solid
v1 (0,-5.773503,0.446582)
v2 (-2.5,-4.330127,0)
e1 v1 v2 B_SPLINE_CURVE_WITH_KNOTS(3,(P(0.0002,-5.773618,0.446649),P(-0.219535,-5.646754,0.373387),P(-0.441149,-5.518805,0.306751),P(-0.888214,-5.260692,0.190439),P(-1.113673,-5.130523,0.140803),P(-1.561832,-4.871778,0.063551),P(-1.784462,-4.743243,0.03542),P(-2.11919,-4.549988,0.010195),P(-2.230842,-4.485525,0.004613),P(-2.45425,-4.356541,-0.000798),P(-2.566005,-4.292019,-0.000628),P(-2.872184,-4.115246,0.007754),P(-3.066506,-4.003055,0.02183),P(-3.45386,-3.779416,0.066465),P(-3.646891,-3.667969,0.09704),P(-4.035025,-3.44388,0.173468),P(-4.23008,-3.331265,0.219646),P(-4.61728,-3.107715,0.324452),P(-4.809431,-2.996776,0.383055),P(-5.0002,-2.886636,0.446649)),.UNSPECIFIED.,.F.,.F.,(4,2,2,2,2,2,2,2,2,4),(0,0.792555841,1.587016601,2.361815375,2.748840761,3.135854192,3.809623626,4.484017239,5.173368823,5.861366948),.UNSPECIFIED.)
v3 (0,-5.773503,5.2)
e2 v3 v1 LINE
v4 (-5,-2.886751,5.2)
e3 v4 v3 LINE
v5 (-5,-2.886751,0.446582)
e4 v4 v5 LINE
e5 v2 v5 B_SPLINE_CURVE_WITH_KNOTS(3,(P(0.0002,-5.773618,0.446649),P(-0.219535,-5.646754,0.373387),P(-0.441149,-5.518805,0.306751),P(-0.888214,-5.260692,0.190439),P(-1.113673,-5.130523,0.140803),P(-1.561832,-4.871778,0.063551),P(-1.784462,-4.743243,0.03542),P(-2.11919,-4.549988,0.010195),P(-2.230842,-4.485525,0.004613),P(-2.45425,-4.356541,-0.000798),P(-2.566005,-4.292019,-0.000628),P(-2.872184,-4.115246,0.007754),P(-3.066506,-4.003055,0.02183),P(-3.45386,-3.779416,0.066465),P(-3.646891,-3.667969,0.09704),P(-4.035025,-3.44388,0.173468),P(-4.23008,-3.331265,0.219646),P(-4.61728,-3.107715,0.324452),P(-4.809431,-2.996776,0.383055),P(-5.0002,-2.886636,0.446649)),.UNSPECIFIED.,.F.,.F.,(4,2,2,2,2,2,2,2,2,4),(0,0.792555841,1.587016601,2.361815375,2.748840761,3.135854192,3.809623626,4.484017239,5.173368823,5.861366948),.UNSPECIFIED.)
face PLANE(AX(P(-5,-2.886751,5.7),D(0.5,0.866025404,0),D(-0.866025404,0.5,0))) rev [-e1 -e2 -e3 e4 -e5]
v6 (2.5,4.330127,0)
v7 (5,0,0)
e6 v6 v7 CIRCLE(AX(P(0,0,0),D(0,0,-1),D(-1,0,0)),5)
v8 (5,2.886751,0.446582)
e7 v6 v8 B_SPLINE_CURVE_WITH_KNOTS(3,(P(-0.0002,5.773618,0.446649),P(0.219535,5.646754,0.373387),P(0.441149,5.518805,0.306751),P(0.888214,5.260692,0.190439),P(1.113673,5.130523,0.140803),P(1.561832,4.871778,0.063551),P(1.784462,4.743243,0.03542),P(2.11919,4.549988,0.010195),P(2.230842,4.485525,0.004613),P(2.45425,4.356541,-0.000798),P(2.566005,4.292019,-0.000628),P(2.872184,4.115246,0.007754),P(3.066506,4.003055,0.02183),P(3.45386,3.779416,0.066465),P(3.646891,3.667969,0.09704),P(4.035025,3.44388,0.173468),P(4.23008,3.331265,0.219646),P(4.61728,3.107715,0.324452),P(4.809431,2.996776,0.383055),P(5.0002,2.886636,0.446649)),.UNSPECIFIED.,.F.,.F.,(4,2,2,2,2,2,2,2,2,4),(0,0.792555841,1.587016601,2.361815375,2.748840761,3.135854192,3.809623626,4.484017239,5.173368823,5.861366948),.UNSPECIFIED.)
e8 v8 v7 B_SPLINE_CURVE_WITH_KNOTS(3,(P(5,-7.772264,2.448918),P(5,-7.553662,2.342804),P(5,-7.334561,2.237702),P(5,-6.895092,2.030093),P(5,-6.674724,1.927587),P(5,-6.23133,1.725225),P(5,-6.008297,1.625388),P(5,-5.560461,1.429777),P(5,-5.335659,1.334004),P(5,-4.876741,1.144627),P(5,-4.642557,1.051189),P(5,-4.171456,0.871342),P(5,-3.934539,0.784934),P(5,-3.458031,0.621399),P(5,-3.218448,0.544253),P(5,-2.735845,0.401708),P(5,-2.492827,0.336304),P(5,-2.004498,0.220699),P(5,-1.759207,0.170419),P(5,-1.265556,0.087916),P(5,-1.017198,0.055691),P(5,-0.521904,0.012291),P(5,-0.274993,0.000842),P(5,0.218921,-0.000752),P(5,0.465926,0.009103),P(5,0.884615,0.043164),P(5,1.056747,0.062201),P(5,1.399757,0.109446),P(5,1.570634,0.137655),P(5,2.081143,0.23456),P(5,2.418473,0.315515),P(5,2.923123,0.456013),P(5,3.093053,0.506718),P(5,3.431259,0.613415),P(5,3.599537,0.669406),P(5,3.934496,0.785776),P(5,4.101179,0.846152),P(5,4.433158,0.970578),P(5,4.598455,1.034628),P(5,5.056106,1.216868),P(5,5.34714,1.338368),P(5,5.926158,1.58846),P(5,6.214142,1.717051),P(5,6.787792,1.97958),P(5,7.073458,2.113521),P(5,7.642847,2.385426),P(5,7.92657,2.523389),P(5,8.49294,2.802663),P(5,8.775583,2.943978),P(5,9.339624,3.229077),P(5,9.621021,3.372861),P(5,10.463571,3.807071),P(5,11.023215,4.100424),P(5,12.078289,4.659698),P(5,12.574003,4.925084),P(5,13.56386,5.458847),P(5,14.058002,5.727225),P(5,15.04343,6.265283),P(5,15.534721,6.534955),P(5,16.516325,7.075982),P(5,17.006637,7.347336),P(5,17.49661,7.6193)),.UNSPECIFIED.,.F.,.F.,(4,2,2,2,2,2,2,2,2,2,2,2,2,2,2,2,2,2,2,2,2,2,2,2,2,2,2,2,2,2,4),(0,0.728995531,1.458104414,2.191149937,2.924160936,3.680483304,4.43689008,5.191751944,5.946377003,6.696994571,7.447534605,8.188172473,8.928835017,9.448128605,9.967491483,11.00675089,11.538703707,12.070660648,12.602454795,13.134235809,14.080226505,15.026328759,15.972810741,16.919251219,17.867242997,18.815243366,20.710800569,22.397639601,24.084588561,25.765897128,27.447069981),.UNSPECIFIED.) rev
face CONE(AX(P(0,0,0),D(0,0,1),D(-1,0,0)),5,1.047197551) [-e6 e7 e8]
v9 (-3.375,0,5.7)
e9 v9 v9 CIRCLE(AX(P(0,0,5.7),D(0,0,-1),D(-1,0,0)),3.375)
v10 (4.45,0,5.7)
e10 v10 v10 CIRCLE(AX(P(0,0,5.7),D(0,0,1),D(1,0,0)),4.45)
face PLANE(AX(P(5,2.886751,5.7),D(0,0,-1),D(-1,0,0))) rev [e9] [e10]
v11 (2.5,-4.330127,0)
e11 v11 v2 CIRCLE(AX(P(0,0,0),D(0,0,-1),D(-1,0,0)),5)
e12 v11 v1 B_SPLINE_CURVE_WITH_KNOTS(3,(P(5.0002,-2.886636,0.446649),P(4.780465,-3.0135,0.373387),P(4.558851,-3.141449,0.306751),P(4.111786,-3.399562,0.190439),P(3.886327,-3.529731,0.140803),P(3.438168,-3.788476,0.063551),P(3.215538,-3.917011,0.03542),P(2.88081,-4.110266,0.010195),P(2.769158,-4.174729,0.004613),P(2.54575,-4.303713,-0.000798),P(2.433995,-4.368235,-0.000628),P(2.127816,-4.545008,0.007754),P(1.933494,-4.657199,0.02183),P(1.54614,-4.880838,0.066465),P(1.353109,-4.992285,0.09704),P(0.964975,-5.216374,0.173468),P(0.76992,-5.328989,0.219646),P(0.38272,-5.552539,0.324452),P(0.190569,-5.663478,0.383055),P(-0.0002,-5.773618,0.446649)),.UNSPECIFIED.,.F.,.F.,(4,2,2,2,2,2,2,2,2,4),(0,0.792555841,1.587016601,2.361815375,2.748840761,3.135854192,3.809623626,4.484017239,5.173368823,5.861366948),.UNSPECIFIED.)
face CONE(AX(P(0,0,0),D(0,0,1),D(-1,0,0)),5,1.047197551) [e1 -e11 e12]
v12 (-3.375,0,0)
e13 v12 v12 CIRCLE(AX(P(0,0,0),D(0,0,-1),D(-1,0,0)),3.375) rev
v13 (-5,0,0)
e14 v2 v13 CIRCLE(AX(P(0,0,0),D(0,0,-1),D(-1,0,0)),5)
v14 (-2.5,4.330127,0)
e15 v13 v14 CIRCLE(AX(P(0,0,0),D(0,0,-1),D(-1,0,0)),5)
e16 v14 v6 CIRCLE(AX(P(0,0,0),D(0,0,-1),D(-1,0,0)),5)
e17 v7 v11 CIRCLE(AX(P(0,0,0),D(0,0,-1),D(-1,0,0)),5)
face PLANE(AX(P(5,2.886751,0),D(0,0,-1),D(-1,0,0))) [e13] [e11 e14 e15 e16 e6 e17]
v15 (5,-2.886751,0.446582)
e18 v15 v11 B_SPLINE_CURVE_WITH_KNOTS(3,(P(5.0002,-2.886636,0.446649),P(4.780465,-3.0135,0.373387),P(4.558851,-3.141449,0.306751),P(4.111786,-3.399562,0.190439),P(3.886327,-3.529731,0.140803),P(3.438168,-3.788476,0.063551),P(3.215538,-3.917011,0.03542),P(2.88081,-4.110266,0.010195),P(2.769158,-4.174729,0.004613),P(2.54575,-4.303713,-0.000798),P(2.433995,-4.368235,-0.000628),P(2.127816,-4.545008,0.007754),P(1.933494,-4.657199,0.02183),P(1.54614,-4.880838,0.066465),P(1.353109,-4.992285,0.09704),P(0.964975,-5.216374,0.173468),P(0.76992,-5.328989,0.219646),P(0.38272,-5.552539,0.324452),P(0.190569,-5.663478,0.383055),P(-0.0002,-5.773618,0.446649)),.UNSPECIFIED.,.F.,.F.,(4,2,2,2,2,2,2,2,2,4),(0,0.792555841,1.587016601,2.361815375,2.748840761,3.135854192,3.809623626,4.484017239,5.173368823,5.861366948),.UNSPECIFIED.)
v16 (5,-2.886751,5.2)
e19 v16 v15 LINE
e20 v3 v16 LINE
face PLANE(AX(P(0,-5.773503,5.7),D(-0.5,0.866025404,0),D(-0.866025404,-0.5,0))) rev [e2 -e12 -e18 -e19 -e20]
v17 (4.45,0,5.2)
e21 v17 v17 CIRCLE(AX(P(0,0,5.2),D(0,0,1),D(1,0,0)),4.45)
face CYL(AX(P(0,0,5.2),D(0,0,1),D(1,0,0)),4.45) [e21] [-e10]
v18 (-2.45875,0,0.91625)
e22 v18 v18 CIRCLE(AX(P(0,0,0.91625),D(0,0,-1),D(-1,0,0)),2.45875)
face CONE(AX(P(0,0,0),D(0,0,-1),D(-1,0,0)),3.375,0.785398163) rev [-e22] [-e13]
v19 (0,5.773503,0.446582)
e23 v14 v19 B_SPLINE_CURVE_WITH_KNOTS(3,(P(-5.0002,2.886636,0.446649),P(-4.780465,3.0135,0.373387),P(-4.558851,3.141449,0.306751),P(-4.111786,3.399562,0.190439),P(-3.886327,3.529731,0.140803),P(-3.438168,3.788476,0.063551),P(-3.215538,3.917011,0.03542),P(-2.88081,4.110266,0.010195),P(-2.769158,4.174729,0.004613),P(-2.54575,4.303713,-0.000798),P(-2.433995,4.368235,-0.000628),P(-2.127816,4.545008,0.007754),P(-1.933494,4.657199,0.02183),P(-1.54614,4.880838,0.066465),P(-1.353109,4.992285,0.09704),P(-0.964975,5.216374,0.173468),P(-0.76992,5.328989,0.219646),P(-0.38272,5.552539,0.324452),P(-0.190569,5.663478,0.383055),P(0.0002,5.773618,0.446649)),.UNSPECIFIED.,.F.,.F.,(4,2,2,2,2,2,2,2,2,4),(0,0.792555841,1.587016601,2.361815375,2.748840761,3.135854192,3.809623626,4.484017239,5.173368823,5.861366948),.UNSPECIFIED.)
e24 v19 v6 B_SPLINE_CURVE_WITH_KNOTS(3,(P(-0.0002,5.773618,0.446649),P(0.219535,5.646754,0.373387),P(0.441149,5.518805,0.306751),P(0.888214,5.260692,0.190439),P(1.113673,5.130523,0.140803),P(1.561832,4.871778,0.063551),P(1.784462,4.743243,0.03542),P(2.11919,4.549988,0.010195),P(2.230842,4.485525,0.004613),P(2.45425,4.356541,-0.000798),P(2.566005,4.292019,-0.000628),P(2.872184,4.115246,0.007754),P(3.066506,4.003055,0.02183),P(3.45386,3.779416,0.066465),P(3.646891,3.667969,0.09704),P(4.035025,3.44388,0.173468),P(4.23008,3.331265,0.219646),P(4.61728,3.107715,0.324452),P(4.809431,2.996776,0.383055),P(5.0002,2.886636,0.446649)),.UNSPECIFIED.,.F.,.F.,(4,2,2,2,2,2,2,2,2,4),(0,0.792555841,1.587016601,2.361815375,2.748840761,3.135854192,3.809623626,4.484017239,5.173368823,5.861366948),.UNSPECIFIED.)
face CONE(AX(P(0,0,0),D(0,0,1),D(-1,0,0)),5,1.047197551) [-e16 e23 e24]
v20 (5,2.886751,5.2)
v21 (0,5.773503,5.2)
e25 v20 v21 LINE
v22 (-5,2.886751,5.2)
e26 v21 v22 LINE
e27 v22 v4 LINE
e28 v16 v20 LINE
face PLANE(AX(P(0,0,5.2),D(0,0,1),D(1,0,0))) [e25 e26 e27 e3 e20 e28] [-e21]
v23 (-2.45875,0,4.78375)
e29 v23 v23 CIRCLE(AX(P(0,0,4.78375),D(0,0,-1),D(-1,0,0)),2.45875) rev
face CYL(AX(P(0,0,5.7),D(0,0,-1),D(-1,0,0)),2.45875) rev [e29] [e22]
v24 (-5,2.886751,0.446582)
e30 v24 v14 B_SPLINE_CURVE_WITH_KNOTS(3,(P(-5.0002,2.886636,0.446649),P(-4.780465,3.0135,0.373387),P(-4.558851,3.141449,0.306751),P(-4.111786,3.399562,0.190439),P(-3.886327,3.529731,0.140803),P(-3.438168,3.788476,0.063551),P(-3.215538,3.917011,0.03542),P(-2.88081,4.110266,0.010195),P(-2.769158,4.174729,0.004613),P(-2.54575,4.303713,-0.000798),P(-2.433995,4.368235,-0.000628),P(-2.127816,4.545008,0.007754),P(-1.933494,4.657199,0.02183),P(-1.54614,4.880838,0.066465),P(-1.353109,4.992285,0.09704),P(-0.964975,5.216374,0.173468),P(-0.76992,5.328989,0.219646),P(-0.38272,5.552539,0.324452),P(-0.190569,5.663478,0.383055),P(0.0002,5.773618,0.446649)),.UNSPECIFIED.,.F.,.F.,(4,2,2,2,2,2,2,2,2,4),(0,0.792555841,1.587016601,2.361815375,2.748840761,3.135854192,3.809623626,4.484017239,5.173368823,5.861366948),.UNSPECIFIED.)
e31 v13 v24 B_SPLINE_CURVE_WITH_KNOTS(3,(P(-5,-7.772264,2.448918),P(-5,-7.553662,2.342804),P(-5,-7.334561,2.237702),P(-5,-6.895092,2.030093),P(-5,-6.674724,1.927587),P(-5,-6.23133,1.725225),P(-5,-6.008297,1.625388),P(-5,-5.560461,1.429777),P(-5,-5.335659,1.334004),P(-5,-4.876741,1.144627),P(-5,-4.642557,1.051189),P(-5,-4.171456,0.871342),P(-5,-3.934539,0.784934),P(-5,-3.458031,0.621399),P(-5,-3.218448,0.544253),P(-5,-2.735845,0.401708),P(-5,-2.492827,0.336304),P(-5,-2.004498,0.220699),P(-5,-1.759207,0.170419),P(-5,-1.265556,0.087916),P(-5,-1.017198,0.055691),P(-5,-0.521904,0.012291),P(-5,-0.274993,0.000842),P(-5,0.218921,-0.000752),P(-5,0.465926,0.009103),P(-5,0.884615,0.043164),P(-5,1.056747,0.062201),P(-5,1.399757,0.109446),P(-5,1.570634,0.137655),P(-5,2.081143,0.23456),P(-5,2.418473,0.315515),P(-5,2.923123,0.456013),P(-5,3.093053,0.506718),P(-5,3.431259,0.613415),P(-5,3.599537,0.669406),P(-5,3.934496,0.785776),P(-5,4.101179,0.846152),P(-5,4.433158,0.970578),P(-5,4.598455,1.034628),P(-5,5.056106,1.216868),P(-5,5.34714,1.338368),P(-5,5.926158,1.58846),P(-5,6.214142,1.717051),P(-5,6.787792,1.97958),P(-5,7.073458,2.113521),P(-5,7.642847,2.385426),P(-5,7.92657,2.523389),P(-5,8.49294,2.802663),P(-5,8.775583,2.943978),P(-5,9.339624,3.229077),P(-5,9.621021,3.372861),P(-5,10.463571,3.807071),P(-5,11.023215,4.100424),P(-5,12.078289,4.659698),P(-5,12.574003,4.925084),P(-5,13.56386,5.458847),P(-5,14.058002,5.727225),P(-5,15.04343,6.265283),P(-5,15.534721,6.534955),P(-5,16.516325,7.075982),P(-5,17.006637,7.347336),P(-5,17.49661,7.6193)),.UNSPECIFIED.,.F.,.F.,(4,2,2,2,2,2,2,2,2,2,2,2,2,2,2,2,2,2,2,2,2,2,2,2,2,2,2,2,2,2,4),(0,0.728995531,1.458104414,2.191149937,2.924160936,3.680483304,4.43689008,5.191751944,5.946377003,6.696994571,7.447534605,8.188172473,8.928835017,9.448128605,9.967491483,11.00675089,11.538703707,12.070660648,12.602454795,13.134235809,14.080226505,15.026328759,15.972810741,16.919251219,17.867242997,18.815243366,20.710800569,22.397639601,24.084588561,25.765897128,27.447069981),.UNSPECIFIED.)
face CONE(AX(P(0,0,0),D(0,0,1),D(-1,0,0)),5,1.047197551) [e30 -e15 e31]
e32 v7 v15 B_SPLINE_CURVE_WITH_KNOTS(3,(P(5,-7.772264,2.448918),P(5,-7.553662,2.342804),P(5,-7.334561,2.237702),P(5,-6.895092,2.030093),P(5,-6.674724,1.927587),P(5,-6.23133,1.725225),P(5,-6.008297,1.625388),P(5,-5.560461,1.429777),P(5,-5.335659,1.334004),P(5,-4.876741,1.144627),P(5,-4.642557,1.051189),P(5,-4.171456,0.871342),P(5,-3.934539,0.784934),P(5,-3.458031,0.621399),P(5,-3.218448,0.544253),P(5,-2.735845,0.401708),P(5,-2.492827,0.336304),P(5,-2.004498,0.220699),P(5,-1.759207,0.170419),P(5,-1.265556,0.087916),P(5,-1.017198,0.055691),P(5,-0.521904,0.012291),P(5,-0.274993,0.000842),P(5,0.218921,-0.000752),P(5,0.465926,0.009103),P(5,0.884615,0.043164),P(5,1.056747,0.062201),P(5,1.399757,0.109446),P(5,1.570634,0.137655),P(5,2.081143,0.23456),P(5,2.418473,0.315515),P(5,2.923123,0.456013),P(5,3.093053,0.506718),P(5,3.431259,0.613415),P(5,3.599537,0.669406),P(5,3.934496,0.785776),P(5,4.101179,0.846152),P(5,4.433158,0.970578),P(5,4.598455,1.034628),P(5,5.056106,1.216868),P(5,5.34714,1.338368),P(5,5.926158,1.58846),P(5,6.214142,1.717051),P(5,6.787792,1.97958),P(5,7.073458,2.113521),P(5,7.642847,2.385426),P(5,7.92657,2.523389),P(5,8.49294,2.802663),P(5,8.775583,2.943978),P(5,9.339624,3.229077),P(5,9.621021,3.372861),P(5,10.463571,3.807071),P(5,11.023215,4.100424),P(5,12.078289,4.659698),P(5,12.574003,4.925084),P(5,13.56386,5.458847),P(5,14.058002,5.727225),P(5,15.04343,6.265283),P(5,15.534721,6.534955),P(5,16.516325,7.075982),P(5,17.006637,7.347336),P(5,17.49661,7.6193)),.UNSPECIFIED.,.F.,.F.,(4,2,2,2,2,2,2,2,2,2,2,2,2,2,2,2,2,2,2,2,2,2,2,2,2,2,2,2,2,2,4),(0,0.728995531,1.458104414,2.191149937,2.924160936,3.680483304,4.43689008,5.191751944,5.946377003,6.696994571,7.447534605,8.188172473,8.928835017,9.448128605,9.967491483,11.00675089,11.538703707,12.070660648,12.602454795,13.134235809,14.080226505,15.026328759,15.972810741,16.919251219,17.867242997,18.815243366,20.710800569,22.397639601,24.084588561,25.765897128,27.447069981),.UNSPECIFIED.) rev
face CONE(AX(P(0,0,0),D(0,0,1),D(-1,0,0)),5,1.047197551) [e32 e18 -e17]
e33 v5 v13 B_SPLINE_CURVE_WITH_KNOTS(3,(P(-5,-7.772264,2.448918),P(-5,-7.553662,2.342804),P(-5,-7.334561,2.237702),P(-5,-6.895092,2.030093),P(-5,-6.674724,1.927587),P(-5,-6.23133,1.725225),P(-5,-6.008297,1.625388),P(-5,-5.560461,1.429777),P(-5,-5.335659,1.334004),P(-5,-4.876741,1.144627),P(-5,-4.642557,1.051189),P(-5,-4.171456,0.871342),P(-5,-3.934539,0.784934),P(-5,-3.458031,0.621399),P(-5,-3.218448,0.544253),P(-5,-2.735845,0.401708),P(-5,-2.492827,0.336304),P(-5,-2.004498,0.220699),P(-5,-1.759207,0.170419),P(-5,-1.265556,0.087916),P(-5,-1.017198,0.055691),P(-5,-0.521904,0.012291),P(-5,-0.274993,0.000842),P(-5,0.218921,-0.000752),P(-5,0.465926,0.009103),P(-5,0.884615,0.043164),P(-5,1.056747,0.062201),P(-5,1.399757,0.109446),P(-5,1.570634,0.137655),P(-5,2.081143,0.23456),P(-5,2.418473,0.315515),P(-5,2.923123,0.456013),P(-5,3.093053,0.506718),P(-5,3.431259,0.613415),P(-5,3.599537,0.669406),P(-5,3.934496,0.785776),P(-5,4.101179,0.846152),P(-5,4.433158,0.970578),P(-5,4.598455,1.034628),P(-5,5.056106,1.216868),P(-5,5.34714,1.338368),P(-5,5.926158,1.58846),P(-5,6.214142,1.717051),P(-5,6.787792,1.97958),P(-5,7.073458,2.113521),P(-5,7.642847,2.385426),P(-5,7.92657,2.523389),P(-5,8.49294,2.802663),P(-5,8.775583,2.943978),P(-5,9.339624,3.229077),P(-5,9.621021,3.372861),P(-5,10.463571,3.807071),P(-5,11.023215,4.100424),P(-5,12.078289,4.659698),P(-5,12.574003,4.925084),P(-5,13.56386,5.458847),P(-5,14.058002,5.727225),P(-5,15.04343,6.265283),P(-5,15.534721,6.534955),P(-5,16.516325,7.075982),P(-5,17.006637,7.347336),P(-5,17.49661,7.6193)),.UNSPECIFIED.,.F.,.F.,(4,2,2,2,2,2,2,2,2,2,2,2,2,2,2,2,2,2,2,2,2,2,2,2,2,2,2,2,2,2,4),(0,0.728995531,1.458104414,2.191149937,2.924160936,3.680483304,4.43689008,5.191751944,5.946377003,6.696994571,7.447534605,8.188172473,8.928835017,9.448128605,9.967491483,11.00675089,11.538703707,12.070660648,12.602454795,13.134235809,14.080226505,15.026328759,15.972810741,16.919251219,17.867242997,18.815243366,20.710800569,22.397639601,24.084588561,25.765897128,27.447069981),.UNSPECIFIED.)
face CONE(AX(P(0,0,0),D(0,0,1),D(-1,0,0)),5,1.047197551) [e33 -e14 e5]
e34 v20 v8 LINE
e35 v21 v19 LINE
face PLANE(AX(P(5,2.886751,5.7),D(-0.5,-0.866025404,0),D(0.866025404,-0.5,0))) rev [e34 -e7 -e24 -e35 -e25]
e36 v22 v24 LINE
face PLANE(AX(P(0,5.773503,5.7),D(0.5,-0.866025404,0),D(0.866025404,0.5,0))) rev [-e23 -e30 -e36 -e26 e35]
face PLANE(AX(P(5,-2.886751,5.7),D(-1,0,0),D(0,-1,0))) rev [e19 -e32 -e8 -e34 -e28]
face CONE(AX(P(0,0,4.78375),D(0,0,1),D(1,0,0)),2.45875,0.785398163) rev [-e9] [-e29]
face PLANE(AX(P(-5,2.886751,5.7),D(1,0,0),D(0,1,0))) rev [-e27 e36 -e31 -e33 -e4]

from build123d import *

# Parameters (mm, degrees)
SKETCH_1_R          = 2.45875
EXTRUDE_640_DEPTH   = 5.7
SKETCH_2_OUTSIDE_W  = 51.738
SKETCH_2_OUTSIDE_H  = 53.286
SKETCH_2_OUTSIDE_R  = 5
CUT_EXTRUDE_1_DEPTH = 10.530127666
CUT_EXTRUDE_1_DRAFT = -60
CHAMFER_1_SIZE      = 0.91625
SKETCH_3_OUTSIDE_W  = 51.738
SKETCH_3_OUTSIDE_H  = 53.286
SKETCH_3_OUTSIDE_R  = 5
CUT_EXTRUDE_2_DEPTH = 10.530127666
CUT_EXTRUDE_2_DRAFT = -60
SKETCH_4_R          = 8.9
SKETCH_4_R_2        = 4.45
CUT_EXTRUDE_3_DEPTH = 0.5


with BuildPart() as part:
    # 草图1 → Extrude 640 (new body)
    with BuildSketch(Plane.XY):
        Polygon((0, 5.773502692), (-5, 2.886751346), (-5, -2.886751346), (0, -5.773502692), (5, -2.886751346), (5, 2.886751346), align=None)
        Circle(SKETCH_1_R, mode=Mode.SUBTRACT)
    extrude(amount=EXTRUDE_640_DEPTH)


with BuildPart() as cut_extrude_1_tool:
    # 草图2 outside → 切除-拉伸1 (with draft: the straight prism first)
    with BuildSketch(Plane(origin=(0, 0, 0), x_dir=(-1, 0, 0), z_dir=(0, 0, -1))):
        Rectangle(SKETCH_2_OUTSIDE_W, SKETCH_2_OUTSIDE_H)
        Circle(SKETCH_2_OUTSIDE_R, mode=Mode.SUBTRACT)
    extrude(amount=-CUT_EXTRUDE_1_DEPTH)
    # 切除-拉伸1: the draft: its side faces are tilted about the plane it starts from
    cut_extrude_1_sides = [cut_extrude_1_tool.faces().sort_by_distance(p)[0] for p in [
        (0, -26.643, 5.265063833),
        (-25.869, 0, 5.265063833),
        (0, 26.643, 5.265063833),
        (25.869, 0, 5.265063833),
        (5, 0, 5.265063833),
    ]]
    draft(cut_extrude_1_sides, Plane(origin=(0, 0, 0), x_dir=(-1, 0, 0), z_dir=(0, 0, -1)), CUT_EXTRUDE_1_DRAFT)


with BuildPart() as part_1:
    add(part.part)

    # 切除-拉伸1: cut by cut_extrude_1_tool
    add(cut_extrude_1_tool.part, mode=Mode.SUBTRACT)

    # 倒角1
    chamfer_1_edges = [part_1.edges().sort_by_distance(p)[0] for p in [
        (-2.45875, 0, 0),
        (-2.45875, 0, 5.7),
    ]]
    chamfer(chamfer_1_edges, length=CHAMFER_1_SIZE)


with BuildPart() as cut_extrude_2_tool:
    # 草图3 outside → 切除-拉伸2 (with draft: the straight prism first)
    with BuildSketch(Plane.XY.offset(5.7)):
        Rectangle(SKETCH_3_OUTSIDE_W, SKETCH_3_OUTSIDE_H)
        Circle(SKETCH_3_OUTSIDE_R, mode=Mode.SUBTRACT)
    extrude(amount=-CUT_EXTRUDE_2_DEPTH)
    # 切除-拉伸2: the draft: its side faces are tilted about the plane it starts from
    cut_extrude_2_sides = [cut_extrude_2_tool.faces().sort_by_distance(p)[0] for p in [
        (0, -26.643, 0.434936167),
        (25.869, 0, 0.434936167),
        (0, 26.643, 0.434936167),
        (-25.869, 0, 0.434936167),
        (-5, 0, 0.434936167),
    ]]
    draft(cut_extrude_2_sides, Plane.XY.offset(5.7), CUT_EXTRUDE_2_DRAFT)


with BuildPart() as part_2:
    add(part_1.part)

    # 切除-拉伸2: cut by cut_extrude_2_tool
    add(cut_extrude_2_tool.part, mode=Mode.SUBTRACT)

    # 草图4 → 切除-拉伸3 (cut)
    with BuildSketch(Plane.XY.offset(5.7)):
        Circle(SKETCH_4_R)
        Circle(SKETCH_4_R_2, mode=Mode.SUBTRACT)
    extrude(amount=-CUT_EXTRUDE_3_DEPTH, mode=Mode.SUBTRACT)


solid = part_2.part
